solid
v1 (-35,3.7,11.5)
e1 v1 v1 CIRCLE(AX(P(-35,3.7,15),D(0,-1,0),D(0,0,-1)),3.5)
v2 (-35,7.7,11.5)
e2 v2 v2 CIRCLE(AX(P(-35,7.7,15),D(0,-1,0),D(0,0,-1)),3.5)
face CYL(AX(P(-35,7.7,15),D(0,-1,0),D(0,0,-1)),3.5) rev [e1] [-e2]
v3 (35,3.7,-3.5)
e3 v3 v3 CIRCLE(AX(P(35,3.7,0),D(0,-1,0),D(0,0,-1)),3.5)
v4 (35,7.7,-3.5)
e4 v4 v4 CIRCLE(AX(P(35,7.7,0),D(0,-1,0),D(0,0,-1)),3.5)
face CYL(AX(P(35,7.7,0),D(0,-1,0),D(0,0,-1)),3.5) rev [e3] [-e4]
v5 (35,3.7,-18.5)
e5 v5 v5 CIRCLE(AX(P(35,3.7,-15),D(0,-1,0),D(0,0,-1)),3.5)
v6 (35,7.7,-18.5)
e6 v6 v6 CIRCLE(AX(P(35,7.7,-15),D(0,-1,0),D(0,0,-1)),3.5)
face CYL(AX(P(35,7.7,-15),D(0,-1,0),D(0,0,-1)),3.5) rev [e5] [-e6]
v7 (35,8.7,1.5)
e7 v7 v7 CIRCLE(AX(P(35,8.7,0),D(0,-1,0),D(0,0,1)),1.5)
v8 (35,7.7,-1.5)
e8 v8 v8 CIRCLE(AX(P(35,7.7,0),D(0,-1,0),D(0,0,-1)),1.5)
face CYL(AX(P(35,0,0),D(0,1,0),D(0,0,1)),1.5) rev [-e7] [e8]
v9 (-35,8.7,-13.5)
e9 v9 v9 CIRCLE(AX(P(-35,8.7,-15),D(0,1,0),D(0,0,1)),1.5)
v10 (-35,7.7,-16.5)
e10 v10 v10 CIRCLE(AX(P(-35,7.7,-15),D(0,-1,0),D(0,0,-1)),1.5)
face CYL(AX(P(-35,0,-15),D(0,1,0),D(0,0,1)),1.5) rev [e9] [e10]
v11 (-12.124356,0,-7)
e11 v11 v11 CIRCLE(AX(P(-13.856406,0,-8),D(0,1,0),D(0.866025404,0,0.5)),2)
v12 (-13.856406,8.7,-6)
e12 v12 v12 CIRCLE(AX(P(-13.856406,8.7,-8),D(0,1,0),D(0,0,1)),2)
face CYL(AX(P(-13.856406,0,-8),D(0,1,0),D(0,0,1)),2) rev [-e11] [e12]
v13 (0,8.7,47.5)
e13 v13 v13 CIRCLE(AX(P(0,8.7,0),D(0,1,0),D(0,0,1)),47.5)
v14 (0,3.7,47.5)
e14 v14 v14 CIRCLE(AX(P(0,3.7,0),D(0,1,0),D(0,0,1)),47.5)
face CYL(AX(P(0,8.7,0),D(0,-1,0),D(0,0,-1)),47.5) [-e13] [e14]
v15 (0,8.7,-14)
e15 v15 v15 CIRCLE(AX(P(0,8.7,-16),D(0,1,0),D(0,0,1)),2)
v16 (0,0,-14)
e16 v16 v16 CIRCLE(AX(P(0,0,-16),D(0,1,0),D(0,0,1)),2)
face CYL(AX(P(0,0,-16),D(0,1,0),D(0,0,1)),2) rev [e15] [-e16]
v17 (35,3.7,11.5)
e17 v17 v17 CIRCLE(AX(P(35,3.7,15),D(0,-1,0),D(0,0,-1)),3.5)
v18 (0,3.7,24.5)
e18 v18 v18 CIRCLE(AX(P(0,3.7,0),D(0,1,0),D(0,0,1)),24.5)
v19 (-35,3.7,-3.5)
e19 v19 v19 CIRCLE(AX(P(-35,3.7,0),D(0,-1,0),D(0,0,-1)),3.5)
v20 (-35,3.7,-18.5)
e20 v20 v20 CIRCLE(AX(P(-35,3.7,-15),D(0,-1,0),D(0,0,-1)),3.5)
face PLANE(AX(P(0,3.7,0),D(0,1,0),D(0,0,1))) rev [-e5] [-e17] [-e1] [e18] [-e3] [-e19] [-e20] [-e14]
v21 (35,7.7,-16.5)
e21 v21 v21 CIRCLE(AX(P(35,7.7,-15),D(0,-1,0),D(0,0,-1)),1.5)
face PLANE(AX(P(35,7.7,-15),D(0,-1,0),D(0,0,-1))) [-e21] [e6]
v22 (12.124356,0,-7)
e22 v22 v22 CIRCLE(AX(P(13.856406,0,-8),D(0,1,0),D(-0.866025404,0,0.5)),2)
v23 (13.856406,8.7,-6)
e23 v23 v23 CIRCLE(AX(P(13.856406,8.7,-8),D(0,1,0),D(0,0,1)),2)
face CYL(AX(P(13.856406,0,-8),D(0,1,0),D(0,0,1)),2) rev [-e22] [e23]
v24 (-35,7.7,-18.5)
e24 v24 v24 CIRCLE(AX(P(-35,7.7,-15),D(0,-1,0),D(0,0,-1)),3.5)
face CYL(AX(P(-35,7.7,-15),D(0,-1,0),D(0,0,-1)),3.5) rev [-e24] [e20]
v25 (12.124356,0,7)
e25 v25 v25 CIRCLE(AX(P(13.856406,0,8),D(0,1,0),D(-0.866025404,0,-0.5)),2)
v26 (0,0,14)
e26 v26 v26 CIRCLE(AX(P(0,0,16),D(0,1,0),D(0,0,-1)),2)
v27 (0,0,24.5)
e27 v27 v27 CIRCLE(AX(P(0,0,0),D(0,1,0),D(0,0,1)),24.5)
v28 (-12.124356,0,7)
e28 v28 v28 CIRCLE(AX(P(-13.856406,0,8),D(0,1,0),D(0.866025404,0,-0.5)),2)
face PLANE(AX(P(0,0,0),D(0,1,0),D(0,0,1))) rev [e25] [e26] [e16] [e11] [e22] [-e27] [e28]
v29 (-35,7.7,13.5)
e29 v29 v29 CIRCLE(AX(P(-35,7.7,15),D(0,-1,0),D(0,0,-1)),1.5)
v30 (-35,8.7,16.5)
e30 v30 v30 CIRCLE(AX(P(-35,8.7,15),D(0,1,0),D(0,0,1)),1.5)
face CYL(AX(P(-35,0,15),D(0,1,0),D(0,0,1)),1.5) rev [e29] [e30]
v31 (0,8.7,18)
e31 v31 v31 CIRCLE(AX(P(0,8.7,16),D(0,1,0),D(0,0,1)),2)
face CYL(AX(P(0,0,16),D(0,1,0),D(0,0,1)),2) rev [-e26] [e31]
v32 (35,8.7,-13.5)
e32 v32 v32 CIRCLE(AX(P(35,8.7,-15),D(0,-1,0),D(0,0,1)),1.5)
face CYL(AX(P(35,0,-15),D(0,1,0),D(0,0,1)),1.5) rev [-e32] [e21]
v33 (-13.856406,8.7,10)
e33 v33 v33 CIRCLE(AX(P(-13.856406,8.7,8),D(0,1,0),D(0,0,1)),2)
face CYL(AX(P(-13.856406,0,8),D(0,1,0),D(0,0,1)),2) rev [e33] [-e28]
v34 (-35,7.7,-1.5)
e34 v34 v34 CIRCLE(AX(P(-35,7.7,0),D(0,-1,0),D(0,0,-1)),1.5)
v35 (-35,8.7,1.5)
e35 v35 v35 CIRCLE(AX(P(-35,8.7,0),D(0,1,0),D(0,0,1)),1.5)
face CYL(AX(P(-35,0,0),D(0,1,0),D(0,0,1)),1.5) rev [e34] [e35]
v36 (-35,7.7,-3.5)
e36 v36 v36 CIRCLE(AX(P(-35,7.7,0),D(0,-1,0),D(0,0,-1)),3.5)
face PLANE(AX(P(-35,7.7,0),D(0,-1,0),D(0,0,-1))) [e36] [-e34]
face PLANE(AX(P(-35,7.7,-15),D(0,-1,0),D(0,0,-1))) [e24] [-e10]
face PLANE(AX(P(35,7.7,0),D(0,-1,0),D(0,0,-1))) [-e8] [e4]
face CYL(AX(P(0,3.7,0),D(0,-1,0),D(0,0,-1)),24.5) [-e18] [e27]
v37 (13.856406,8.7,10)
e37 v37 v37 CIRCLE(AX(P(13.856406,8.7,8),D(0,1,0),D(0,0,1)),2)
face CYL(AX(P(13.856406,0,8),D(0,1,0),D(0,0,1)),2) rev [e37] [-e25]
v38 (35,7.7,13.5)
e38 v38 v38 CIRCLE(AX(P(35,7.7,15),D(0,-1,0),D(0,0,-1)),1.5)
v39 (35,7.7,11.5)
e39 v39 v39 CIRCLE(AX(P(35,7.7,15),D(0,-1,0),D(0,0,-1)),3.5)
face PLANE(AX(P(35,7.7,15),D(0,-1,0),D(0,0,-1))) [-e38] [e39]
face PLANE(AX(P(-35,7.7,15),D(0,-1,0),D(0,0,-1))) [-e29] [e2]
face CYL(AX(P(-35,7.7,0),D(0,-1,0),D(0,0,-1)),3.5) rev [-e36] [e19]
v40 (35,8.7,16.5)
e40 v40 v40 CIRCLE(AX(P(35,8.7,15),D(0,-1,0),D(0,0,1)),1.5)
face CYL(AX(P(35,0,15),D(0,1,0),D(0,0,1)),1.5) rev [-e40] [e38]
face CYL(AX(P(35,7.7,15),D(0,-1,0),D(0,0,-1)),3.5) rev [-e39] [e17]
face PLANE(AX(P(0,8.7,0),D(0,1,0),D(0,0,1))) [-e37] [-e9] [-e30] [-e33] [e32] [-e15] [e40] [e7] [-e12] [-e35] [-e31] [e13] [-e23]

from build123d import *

# Parameters (mm, degrees)
CROQUIS1_R              = 24.5
SALIENTE_EXTRUIR1_DEPTH = 3.7
CROQUIS2_R              = 2
CORTAR_EXTRUIR1_DEPTH   = 35.845229229
MATRIZC1_COUNT          = 6
SALIENTE_EXTRUIR2_START = 5
CROQUIS3_R              = 47.5
CROQUIS3_R_2            = 2
SALIENTE_EXTRUIR2_DEPTH = 5
CROQUIS6_R              = 1.5
CORTAR_EXTRUIR2_DEPTH   = 68.736179402
CORTAR_EXTRUIR3_START   = -4
CROQUIS7_R              = 3.5
CROQUIS7_R_2            = 1.5
CORTAR_EXTRUIR3_DEPTH   = 4


with BuildPart() as part:
    # Croquis1 → Saliente-Extruir1 (new body)
    with BuildSketch(Plane(origin=(0, 0, 0), x_dir=(1, 0, 0), z_dir=(0, 1, 0))):
        with Locations(Location((0, 0, 0), (0, 0, 270))):
            Circle(CROQUIS1_R)
    extrude(amount=SALIENTE_EXTRUIR1_DEPTH)

    # Croquis2 → Cortar-Extruir1 (cut, through all)
    with BuildSketch(Plane(origin=(0, 3.7, 0), x_dir=(1, 0, 0), z_dir=(0, 1, 0))):
        with Locations(Location((0, 16, 0), (0, 0, 270))):
            Circle(CROQUIS2_R)
    cortar_extruir1 = extrude(amount=-CORTAR_EXTRUIR1_DEPTH, mode=Mode.SUBTRACT)

    # MatrizC1: Cortar-Extruir1 ×6 about axis
    matrizc1_axis = Axis((0, 0, 0), (0, 1, 0))
    for i in range(1, MATRIZC1_COUNT):
        add(cortar_extruir1.rotate(matrizc1_axis, i * 360 / MATRIZC1_COUNT), mode=Mode.SUBTRACT)

    # Croquis3 → Saliente-Extruir2 (add)
    with BuildSketch(Plane(origin=(0, 3.7, 0), x_dir=(1, 0, 0), z_dir=(0, 1, 0)).offset(SALIENTE_EXTRUIR2_START)):
        with Locations(Location((0, 0, 0), (0, 0, 270))):
            Circle(CROQUIS3_R)
        with Locations(Location((13.856406461, 8, 0), (0, 0, 270))):
            Circle(CROQUIS3_R_2, mode=Mode.SUBTRACT)
        with Locations(Location((13.856406461, -8, 0), (0, 0, 270))):
            Circle(CROQUIS3_R_2, mode=Mode.SUBTRACT)
        with Locations(Location((0, -16, 0), (0, 0, 270))):
            Circle(CROQUIS3_R_2, mode=Mode.SUBTRACT)
        with Locations(Location((-13.856406461, -8, 0), (0, 0, 270))):
            Circle(CROQUIS3_R_2, mode=Mode.SUBTRACT)
        with Locations(Location((-13.856406461, 8, 0), (0, 0, 270))):
            Circle(CROQUIS3_R_2, mode=Mode.SUBTRACT)
        with Locations(Location((0, 16, 0), (0, 0, 270))):
            Circle(CROQUIS3_R_2, mode=Mode.SUBTRACT)
    extrude(amount=-SALIENTE_EXTRUIR2_DEPTH)

    # Croquis6 → Cortar-Extruir2 (cut, through all)
    with BuildSketch(Plane(origin=(0, 8.7, 0), x_dir=(1, 0, 0), z_dir=(0, 1, 0))):
        with Locations(Location((-35, 15, 0), (0, 0, 270))):
            Circle(CROQUIS6_R)
        with Locations(Location((-35, 0, 0), (0, 0, 270))):
            Circle(CROQUIS6_R)
        with Locations(Location((-35, -15, 0), (0, 0, 270))):
            Circle(CROQUIS6_R)
    cortar_extruir2 = extrude(amount=-CORTAR_EXTRUIR2_DEPTH, mode=Mode.SUBTRACT)

    # Simetría1: Cortar-Extruir2 across plane
    add(cortar_extruir2.mirror(Plane(origin=(0, 0, 0), x_dir=(0, 0, 1), z_dir=(1, 0, 0))), mode=Mode.SUBTRACT)

    # Croquis7 → Cortar-Extruir3 (cut)
    # profile 1 of 6: a face of its own
    with BuildSketch(Plane.XZ.offset(-3.7).offset(CORTAR_EXTRUIR3_START)):
        with Locations(Location((35, 15, 0), (0, 0, 270))):
            Circle(CROQUIS7_R)
        with Locations(Location((35, 15, 0), (0, 0, 90))):
            Circle(CROQUIS7_R_2, mode=Mode.SUBTRACT)
    # profile 2 of 6: a face of its own
    with BuildSketch(Plane.XZ.offset(-3.7).offset(CORTAR_EXTRUIR3_START)):
        with Locations(Location((35, 0, 0), (0, 0, 270))):
            Circle(CROQUIS7_R)
        with Locations(Location((35, 0, 0), (0, 0, 90))):
            Circle(CROQUIS7_R_2, mode=Mode.SUBTRACT)
    # profile 3 of 6: a face of its own
    with BuildSketch(Plane.XZ.offset(-3.7).offset(CORTAR_EXTRUIR3_START)):
        with Locations(Location((35, -15, 0), (0, 0, 270))):
            Circle(CROQUIS7_R)
        with Locations(Location((35, -15, 0), (0, 0, 90))):
            Circle(CROQUIS7_R_2, mode=Mode.SUBTRACT)
    # profile 4 of 6: a face of its own
    with BuildSketch(Plane.XZ.offset(-3.7).offset(CORTAR_EXTRUIR3_START)):
        with Locations(Location((-35, 15, 0), (0, 0, 270))):
            Circle(CROQUIS7_R)
        with Locations(Location((-35, 15, 0), (0, 0, 90))):
            Circle(CROQUIS7_R_2, mode=Mode.SUBTRACT)
    # profile 5 of 6: a face of its own
    with BuildSketch(Plane.XZ.offset(-3.7).offset(CORTAR_EXTRUIR3_START)):
        with Locations(Location((-35, 0, 0), (0, 0, 270))):
            Circle(CROQUIS7_R)
        with Locations(Location((-35, 0, 0), (0, 0, 90))):
            Circle(CROQUIS7_R_2, mode=Mode.SUBTRACT)
    # profile 6 of 6: a face of its own
    with BuildSketch(Plane.XZ.offset(-3.7).offset(CORTAR_EXTRUIR3_START)):
        with Locations(Location((-35, -15, 0), (0, 0, 270))):
            Circle(CROQUIS7_R)
        with Locations(Location((-35, -15, 0), (0, 0, 90))):
            Circle(CROQUIS7_R_2, mode=Mode.SUBTRACT)
    extrude(amount=CORTAR_EXTRUIR3_DEPTH, mode=Mode.SUBTRACT)


solid = part.part
